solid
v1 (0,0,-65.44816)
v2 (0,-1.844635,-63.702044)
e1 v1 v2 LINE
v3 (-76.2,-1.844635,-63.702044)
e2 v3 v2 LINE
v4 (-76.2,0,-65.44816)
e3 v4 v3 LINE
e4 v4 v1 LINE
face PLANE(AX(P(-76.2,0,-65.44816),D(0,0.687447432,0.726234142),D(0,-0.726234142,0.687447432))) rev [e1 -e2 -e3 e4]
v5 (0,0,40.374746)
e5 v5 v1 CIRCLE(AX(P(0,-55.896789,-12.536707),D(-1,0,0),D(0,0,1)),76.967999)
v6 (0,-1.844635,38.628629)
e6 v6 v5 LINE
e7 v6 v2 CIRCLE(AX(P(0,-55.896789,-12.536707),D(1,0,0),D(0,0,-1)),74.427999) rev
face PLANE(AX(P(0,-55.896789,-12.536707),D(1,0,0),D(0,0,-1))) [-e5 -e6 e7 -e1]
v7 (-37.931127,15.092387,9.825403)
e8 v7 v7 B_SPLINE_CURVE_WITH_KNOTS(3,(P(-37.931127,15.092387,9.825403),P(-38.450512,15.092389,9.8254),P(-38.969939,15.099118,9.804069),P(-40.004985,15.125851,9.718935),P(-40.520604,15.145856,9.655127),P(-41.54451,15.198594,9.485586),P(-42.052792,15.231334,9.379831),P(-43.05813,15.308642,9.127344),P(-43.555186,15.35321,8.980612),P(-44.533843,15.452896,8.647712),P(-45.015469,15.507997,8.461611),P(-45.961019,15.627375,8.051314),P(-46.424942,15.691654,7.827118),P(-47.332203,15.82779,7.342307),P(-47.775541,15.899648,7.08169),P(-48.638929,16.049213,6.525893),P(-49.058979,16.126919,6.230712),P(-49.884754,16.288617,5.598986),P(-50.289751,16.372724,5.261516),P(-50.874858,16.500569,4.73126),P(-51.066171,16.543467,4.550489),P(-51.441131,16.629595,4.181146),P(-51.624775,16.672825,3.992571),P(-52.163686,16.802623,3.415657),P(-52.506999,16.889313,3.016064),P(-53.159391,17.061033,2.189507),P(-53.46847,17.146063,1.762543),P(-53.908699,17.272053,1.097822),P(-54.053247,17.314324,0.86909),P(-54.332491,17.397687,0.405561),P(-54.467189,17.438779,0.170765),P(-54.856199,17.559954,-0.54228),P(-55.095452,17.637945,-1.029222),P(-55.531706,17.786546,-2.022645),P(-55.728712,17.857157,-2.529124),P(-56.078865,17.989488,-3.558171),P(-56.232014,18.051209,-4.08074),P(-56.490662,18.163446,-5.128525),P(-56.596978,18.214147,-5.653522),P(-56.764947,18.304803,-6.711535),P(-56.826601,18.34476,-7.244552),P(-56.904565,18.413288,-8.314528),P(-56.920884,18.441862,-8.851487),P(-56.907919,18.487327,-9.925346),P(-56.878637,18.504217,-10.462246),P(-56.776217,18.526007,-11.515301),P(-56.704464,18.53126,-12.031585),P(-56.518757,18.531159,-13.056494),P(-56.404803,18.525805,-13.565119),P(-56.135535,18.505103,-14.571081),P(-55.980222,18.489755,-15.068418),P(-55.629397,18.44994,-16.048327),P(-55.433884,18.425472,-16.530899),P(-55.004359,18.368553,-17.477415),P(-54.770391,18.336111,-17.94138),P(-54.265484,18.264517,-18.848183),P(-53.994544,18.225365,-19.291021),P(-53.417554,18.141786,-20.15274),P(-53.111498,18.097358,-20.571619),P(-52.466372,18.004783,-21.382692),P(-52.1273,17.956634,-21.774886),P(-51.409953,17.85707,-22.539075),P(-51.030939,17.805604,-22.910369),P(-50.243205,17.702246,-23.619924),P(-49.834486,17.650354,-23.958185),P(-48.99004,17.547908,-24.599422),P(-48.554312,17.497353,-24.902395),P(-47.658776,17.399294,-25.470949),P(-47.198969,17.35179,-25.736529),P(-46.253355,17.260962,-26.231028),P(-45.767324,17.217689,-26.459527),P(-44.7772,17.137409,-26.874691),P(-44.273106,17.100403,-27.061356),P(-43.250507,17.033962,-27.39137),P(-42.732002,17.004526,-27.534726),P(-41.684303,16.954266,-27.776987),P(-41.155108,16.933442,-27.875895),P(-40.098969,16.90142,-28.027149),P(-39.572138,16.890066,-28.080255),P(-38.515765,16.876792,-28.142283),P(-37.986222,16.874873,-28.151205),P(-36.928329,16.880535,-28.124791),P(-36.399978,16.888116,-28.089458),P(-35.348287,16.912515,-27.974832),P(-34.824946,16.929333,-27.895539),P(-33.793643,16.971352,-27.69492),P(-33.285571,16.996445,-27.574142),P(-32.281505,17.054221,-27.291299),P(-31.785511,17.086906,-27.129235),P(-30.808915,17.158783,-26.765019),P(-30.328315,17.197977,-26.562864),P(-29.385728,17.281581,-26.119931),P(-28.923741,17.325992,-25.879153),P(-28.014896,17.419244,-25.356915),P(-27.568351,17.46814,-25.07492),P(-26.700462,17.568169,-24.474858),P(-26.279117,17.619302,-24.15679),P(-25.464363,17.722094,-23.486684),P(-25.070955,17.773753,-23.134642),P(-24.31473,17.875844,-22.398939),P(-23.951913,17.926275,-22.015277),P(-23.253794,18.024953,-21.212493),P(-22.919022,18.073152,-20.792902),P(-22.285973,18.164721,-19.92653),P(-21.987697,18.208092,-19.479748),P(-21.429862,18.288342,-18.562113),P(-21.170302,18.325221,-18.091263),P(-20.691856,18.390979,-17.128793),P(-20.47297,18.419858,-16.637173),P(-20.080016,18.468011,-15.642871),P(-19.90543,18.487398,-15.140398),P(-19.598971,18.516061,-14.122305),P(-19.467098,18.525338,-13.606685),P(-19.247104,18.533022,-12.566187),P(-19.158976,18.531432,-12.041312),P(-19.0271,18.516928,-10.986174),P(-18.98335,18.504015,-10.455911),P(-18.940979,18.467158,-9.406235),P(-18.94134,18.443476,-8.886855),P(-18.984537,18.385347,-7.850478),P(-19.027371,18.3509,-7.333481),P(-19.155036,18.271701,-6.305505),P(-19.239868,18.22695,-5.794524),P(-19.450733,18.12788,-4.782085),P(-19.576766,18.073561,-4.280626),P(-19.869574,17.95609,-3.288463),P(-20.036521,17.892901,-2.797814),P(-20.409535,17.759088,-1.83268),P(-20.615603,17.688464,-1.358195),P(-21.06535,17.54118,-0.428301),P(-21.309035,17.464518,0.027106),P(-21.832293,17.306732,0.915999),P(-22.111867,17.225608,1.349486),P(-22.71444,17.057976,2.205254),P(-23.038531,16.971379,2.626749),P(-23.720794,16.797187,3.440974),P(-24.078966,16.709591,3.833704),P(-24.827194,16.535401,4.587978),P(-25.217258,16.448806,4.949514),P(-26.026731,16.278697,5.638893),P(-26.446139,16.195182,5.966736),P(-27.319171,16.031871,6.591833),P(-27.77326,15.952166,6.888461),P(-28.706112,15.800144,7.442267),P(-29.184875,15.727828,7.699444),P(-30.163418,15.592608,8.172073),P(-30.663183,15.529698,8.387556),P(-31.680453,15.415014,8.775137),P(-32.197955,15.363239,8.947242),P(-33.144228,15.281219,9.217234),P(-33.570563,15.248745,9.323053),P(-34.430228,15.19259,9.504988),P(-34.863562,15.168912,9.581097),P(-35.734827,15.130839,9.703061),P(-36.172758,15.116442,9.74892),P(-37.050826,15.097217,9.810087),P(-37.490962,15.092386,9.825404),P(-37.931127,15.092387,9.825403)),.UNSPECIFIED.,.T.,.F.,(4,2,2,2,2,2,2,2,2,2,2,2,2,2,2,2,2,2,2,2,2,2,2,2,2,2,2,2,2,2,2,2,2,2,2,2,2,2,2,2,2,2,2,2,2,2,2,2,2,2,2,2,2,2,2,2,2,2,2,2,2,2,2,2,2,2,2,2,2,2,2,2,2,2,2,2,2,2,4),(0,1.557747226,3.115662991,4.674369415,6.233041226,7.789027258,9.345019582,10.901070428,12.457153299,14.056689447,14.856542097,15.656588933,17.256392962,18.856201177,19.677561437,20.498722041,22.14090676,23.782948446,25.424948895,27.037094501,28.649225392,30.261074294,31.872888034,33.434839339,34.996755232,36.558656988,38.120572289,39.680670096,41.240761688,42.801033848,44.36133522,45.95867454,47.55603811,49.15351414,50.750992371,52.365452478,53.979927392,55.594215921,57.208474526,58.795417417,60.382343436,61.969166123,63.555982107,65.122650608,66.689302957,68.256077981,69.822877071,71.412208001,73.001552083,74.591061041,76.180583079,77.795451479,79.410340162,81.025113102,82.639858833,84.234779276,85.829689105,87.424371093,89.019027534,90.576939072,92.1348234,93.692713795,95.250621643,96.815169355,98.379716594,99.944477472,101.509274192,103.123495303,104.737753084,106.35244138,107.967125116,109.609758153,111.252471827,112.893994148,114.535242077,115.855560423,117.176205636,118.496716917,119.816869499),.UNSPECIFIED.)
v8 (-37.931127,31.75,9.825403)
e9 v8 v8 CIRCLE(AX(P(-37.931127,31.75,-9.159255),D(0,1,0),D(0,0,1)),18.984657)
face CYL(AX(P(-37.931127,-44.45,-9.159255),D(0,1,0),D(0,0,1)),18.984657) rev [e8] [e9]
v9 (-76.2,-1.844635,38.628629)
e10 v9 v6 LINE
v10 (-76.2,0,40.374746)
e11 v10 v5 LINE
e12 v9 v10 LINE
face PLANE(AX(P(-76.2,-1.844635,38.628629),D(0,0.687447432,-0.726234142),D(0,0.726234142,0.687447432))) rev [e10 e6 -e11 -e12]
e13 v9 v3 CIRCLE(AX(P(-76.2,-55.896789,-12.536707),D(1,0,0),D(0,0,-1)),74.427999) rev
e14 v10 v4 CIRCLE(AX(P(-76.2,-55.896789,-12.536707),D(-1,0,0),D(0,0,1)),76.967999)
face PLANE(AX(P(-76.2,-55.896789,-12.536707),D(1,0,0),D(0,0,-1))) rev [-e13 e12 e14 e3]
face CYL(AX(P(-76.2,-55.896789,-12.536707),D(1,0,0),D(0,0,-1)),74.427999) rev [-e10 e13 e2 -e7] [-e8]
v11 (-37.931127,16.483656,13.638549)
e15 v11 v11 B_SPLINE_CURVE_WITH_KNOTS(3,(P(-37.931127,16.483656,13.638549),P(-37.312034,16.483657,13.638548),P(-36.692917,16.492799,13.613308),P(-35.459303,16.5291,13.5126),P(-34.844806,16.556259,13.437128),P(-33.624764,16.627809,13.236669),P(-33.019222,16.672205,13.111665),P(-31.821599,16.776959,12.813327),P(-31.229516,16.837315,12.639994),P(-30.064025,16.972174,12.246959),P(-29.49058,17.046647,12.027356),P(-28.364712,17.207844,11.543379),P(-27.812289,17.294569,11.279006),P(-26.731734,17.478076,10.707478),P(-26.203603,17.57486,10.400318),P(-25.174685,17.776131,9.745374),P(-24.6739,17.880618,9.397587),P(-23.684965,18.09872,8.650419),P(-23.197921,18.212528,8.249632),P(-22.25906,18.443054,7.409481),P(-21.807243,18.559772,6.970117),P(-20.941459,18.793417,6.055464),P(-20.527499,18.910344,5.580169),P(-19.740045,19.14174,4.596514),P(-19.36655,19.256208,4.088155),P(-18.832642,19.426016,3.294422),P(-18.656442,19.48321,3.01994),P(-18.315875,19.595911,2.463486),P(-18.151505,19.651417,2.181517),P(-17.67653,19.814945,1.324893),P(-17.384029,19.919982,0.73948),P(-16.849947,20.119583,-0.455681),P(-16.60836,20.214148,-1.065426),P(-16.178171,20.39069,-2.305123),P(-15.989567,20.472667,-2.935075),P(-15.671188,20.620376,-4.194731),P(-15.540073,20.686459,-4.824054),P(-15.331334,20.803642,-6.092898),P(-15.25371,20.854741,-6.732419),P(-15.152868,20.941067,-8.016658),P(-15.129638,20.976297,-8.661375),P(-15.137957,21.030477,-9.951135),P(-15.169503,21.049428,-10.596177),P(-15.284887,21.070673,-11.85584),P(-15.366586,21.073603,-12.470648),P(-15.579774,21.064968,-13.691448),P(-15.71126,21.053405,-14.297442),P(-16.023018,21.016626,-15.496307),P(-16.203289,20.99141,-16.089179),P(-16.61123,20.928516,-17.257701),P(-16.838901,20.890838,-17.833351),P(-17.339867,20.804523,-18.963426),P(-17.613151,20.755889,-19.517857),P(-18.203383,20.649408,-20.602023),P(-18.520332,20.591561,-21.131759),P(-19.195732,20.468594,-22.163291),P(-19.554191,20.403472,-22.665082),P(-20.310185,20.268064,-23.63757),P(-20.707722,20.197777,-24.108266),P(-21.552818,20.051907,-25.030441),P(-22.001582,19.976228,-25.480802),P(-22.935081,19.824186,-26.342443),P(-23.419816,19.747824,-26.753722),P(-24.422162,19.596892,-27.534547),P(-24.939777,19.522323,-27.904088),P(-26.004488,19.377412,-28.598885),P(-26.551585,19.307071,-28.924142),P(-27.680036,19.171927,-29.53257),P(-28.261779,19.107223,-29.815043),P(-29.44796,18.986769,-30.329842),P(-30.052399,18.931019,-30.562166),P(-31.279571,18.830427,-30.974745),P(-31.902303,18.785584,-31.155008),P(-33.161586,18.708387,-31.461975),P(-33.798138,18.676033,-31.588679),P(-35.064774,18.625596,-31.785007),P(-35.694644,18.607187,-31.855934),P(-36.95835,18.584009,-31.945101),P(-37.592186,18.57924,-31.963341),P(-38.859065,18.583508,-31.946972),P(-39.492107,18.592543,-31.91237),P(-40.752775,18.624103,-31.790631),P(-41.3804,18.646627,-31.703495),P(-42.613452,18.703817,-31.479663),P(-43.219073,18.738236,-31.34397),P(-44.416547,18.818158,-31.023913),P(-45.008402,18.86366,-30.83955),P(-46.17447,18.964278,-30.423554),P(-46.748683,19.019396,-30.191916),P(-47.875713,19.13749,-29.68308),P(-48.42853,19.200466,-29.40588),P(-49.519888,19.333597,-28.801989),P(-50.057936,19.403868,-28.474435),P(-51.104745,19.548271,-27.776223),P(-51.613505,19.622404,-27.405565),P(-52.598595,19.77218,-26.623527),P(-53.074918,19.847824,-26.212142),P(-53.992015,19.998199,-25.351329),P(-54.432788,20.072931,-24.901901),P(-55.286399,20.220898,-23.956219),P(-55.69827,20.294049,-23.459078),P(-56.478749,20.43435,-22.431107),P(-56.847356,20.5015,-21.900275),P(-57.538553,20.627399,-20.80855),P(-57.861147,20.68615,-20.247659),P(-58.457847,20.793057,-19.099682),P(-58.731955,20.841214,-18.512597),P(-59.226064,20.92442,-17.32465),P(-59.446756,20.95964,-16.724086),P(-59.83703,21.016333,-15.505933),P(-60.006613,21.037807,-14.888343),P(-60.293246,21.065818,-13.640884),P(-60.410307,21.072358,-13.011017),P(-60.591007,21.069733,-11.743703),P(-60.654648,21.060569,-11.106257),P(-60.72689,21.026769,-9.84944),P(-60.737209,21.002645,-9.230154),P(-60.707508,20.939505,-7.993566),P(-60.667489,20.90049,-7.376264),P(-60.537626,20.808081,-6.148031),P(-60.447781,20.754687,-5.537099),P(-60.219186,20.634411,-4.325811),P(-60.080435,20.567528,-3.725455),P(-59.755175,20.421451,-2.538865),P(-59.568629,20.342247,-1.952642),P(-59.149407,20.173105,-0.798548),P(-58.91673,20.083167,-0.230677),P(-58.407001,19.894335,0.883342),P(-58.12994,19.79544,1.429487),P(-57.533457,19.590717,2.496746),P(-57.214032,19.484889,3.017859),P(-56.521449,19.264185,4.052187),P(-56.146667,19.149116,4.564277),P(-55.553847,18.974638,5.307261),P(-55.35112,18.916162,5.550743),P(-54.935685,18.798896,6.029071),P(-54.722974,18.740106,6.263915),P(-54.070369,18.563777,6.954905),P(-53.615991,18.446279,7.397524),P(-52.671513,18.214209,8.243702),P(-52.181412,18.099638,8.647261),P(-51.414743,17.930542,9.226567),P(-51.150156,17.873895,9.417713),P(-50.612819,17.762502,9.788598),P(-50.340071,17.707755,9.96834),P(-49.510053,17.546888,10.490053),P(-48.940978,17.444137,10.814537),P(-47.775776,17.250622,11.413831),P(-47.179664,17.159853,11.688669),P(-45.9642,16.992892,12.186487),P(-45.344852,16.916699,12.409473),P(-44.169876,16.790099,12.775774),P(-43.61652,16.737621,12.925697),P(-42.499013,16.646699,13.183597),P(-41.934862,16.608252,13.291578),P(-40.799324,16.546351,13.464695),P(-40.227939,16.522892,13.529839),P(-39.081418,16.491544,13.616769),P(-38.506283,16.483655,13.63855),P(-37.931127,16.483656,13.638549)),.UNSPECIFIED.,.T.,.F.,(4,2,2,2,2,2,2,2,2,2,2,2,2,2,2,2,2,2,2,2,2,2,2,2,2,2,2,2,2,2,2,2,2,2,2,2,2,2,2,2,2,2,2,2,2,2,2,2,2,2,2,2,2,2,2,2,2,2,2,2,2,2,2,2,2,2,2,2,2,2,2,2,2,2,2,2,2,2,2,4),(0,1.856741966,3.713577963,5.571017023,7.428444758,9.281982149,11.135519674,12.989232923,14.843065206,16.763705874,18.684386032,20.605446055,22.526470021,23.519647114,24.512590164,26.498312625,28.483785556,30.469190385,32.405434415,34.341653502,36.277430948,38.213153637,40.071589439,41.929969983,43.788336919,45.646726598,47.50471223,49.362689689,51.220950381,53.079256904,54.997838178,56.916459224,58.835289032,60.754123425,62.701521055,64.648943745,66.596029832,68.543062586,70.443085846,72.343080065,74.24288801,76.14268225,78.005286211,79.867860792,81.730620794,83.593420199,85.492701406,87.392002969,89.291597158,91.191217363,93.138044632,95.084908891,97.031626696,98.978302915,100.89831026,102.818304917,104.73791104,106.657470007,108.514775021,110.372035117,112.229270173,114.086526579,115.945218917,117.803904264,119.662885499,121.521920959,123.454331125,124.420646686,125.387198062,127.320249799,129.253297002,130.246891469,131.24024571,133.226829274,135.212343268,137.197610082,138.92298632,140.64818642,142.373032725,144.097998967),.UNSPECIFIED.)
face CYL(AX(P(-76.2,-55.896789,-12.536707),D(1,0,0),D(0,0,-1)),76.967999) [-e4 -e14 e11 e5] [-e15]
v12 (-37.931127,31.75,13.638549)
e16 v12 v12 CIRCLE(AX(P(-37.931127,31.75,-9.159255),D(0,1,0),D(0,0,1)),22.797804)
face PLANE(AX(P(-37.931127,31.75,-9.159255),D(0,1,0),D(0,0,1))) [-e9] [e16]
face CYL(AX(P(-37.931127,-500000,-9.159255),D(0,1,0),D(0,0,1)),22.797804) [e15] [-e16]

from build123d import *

# Parameters (mm, degrees)
EXTRUDE_THIN1_DEPTH = 76.2
EXTRUDE1_REACH      = 107.917
EXTRUDE1_END_RADIUS = 76.967998962
SKETCH2_R           = 22.797803907
SKETCH3_R           = 18.98465739
EXTRUDE2_DEPTH      = 76.2


with BuildPart() as part:
    # Sketch1 → Extrude-Thin1 (new body)
    with BuildSketch(Plane(origin=(0, 0, 0), x_dir=(0, 0, -1), z_dir=(1, 0, 0))):
        with BuildLine():
            ThreePointArc((-40.374745946, 0), (12.536707256, 21.071210286), (65.448160458, 0))
            Line((65.448160458, 0), (63.702043982, -1.84463472))
            ThreePointArc((63.702043982, -1.84463472), (12.536707256, 18.531210286), (-38.628629469, -1.84463472))
            Line((-38.628629469, -1.84463472), (-40.374745946, 0))
        make_face()
    extrude(amount=-EXTRUDE_THIN1_DEPTH)

    # Extrude1: up to this cylinder (the profile starts outside it)
    extrude1_end = Plane(origin=(-37.931127, -55.896788676, -12.536707256), z_dir=(1, 0, 0)) * Cylinder(EXTRUDE1_END_RADIUS, 370.769997925, mode=Mode.PRIVATE)
    # Sketch2 → Extrude1 (add, up to the surface)
    with BuildSketch(Plane(origin=(0, 31.75, 0), x_dir=(-1, 0, 0), z_dir=(0, 1, 0)), mode=Mode.PRIVATE) as extrude1_sk1:
        with Locations(Location((37.931127378, -9.159254826, 0), (0, 0, 90))):
            Circle(SKETCH2_R)
    extrude1_tool1 = extrude(extrude1_sk1.sketch, amount=-EXTRUDE1_REACH, mode=Mode.PRIVATE) - extrude1_end
    add(extrude1_tool1.solids().sort_by_distance((-37.931127, 31.75, -9.159255))[0])

    # Sketch3 → Extrude2 (cut)
    with BuildSketch(Plane(origin=(0, 31.75, 0), x_dir=(-1, 0, 0), z_dir=(0, 1, 0))):
        with Locations(Location((37.931127378, -9.159254826, 0), (0, 0, 90))):
            Circle(SKETCH3_R)
    extrude(amount=-EXTRUDE2_DEPTH, mode=Mode.SUBTRACT)


solid = part.part
